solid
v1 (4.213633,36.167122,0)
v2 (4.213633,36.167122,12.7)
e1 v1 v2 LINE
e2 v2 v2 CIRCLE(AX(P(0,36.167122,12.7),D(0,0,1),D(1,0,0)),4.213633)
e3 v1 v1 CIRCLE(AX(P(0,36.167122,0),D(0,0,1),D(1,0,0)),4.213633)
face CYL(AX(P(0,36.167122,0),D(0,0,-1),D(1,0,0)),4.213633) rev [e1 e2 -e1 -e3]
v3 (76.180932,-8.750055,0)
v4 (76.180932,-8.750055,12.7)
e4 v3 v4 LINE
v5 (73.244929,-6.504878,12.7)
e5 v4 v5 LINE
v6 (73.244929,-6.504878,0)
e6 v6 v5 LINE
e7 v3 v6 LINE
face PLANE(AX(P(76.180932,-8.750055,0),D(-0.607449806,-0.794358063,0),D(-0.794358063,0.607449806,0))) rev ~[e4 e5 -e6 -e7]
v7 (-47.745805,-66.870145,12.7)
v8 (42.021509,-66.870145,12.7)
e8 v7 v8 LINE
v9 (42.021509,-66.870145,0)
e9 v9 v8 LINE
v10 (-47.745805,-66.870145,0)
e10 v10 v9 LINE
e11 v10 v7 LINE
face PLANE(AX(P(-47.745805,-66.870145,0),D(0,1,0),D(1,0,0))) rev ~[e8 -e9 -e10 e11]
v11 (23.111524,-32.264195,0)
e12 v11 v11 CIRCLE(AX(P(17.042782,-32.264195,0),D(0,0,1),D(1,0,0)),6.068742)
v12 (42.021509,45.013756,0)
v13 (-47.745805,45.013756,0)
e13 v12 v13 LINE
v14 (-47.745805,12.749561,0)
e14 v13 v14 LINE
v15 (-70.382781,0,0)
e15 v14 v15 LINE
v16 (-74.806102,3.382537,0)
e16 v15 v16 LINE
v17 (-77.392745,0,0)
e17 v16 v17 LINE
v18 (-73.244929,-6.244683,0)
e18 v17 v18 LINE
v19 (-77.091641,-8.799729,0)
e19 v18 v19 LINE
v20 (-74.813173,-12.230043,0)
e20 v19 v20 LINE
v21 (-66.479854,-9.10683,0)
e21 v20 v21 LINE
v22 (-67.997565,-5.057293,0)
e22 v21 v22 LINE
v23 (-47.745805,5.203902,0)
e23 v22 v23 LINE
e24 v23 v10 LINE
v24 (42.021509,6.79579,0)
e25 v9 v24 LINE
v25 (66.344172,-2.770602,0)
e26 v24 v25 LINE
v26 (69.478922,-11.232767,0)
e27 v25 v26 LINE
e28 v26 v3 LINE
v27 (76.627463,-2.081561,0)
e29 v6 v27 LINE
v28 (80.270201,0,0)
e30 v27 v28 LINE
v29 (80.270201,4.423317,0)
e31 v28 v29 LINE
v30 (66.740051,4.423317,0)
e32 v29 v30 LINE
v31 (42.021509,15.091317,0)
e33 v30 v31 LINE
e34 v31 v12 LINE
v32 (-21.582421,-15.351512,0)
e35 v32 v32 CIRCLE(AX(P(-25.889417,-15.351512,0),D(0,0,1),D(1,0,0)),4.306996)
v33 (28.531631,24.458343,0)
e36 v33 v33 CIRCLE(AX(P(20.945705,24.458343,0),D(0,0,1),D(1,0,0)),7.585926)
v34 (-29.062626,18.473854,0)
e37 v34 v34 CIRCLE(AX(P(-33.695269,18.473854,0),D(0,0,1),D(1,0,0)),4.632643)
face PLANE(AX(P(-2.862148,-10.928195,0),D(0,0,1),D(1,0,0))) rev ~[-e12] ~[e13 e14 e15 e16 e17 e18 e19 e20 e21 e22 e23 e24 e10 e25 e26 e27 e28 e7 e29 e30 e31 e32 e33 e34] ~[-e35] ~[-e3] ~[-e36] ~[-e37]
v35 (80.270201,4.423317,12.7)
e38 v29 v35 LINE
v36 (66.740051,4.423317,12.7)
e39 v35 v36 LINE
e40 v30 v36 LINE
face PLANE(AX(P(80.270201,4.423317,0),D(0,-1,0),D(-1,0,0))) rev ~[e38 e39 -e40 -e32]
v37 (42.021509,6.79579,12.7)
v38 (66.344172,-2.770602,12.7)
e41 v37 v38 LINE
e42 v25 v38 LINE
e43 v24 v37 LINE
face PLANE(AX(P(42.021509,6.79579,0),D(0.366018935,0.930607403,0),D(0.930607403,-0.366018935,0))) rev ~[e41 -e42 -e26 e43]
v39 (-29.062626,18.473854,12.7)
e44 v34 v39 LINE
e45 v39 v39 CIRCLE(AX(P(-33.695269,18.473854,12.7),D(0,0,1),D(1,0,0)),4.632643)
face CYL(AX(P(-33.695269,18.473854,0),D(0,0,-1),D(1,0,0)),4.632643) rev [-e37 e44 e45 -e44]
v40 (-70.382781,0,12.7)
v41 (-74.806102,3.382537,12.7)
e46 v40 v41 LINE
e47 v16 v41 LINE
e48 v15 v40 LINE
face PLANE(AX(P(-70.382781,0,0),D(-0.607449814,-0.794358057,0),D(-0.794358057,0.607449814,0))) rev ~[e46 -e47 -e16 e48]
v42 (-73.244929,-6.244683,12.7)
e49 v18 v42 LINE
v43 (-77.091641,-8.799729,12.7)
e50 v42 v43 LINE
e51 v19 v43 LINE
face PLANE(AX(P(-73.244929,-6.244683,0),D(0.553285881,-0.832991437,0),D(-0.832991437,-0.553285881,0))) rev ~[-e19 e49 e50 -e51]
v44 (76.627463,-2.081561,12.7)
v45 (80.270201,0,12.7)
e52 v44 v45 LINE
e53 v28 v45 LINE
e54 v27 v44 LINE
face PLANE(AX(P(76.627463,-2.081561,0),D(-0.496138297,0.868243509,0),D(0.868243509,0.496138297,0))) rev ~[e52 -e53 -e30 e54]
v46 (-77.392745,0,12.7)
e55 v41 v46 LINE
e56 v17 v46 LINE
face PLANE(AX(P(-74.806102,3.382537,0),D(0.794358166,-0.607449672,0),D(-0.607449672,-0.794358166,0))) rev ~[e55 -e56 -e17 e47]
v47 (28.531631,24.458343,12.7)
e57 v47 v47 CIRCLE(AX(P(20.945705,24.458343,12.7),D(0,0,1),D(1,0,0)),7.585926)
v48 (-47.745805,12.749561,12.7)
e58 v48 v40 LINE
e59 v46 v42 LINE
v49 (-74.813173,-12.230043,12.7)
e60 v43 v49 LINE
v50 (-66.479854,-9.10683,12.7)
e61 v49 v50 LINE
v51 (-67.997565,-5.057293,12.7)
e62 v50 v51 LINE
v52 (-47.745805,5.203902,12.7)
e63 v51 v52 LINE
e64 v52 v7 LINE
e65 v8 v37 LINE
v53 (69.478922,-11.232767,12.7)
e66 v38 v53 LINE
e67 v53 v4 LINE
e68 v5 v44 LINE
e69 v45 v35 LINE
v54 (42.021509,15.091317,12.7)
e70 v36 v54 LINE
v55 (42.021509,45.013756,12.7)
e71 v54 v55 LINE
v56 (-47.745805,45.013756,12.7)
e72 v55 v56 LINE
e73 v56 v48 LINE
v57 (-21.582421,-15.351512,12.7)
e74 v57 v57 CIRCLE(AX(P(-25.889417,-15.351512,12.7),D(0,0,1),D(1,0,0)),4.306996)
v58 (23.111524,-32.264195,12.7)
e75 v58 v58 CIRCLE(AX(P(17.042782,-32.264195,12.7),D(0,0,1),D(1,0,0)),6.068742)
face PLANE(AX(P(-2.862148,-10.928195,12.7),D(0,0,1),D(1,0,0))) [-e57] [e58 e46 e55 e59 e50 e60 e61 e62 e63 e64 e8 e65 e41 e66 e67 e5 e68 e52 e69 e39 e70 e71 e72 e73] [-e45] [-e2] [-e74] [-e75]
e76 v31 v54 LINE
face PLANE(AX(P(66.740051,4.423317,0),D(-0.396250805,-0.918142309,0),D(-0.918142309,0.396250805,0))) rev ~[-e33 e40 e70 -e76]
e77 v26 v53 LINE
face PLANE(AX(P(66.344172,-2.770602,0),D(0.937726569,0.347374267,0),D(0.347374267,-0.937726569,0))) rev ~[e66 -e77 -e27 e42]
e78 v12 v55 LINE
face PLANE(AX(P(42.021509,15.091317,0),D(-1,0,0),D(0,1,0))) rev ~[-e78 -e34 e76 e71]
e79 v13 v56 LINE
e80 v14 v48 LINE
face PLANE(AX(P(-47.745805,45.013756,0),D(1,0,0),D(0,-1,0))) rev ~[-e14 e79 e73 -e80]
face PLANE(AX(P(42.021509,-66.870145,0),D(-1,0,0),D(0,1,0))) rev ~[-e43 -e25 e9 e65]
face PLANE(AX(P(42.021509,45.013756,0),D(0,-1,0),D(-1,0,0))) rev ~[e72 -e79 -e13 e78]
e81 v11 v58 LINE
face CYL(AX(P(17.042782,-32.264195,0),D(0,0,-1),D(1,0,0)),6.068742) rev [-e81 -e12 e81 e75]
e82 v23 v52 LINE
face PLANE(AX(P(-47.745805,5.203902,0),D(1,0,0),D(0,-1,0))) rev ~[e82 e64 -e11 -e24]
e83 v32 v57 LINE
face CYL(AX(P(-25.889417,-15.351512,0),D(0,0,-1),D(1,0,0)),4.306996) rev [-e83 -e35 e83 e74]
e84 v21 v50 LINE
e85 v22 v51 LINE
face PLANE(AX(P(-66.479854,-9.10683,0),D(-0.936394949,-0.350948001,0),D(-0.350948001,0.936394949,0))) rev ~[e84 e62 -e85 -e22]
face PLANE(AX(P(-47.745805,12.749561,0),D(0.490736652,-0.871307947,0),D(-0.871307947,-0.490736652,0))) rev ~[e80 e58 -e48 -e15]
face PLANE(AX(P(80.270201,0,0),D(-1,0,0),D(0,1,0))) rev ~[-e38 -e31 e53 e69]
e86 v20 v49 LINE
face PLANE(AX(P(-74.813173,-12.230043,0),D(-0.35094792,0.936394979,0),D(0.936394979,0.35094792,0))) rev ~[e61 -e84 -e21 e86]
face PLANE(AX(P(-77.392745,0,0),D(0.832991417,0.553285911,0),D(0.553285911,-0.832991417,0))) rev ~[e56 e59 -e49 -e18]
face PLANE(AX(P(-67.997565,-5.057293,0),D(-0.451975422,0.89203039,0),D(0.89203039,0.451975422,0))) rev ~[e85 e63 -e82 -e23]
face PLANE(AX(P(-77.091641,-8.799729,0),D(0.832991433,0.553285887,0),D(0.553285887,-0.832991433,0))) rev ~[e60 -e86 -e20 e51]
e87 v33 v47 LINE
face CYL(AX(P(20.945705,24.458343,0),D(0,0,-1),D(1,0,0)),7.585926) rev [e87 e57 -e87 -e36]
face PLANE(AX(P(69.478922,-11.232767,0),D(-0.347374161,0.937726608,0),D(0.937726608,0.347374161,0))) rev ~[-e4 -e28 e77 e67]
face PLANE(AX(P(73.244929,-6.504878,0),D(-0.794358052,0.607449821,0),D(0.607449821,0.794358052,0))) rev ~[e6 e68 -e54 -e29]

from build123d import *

# Parameters (mm, degrees)
F0_R     = 4.306996
F0_R_2   = 6.068742
F0_R_3   = 4.632643
F0_R_4   = 4.213633
F0_R_5   = 7.585926
F1_DEPTH = 12.7


with BuildPart() as f1:
    # F0 (on Top) → F1 (new body)
    with BuildSketch(Plane.XY):
        Polygon((42.021509, 45.013756), (-47.745805, 45.013756), (-47.745805, 12.749561), (-47.745805, 5.203902), (-47.745805, -66.870145), (42.021509, -66.870145), (42.021509, 6.79579), (42.021509, 15.091317), align=None)
        with Locations((-25.889417, -15.351512)):
            Circle(F0_R, mode=Mode.SUBTRACT)
        with Locations((17.042782, -32.264195)):
            Circle(F0_R_2, mode=Mode.SUBTRACT)
        with Locations((-33.695269, 18.473854)):
            Circle(F0_R_3, mode=Mode.SUBTRACT)
        with Locations((0, 36.167122)):
            Circle(F0_R_4, mode=Mode.SUBTRACT)
        with Locations((20.945705, 24.458343)):
            Circle(F0_R_5, mode=Mode.SUBTRACT)
        Polygon((-47.745805, 5.203902), (-47.745805, 12.749561), (-70.382781, 0), (-74.806102, 3.382537), (-77.392745, 0), (-73.244929, -6.244683), (-77.091641, -8.799729), (-74.813173, -12.230043), (-66.479854, -9.10683), (-67.997565, -5.057293), align=None)
        Polygon((66.740051, 4.423317), (42.021509, 15.091317), (42.021509, 6.79579), (66.344172, -2.770602), (69.478922, -11.232767), (76.180932, -8.750055), (73.244929, -6.504878), (76.627463, -2.081561), (80.270201, 0), (80.270201, 4.423317), align=None)
    extrude(amount=F1_DEPTH)


solid = f1.part
